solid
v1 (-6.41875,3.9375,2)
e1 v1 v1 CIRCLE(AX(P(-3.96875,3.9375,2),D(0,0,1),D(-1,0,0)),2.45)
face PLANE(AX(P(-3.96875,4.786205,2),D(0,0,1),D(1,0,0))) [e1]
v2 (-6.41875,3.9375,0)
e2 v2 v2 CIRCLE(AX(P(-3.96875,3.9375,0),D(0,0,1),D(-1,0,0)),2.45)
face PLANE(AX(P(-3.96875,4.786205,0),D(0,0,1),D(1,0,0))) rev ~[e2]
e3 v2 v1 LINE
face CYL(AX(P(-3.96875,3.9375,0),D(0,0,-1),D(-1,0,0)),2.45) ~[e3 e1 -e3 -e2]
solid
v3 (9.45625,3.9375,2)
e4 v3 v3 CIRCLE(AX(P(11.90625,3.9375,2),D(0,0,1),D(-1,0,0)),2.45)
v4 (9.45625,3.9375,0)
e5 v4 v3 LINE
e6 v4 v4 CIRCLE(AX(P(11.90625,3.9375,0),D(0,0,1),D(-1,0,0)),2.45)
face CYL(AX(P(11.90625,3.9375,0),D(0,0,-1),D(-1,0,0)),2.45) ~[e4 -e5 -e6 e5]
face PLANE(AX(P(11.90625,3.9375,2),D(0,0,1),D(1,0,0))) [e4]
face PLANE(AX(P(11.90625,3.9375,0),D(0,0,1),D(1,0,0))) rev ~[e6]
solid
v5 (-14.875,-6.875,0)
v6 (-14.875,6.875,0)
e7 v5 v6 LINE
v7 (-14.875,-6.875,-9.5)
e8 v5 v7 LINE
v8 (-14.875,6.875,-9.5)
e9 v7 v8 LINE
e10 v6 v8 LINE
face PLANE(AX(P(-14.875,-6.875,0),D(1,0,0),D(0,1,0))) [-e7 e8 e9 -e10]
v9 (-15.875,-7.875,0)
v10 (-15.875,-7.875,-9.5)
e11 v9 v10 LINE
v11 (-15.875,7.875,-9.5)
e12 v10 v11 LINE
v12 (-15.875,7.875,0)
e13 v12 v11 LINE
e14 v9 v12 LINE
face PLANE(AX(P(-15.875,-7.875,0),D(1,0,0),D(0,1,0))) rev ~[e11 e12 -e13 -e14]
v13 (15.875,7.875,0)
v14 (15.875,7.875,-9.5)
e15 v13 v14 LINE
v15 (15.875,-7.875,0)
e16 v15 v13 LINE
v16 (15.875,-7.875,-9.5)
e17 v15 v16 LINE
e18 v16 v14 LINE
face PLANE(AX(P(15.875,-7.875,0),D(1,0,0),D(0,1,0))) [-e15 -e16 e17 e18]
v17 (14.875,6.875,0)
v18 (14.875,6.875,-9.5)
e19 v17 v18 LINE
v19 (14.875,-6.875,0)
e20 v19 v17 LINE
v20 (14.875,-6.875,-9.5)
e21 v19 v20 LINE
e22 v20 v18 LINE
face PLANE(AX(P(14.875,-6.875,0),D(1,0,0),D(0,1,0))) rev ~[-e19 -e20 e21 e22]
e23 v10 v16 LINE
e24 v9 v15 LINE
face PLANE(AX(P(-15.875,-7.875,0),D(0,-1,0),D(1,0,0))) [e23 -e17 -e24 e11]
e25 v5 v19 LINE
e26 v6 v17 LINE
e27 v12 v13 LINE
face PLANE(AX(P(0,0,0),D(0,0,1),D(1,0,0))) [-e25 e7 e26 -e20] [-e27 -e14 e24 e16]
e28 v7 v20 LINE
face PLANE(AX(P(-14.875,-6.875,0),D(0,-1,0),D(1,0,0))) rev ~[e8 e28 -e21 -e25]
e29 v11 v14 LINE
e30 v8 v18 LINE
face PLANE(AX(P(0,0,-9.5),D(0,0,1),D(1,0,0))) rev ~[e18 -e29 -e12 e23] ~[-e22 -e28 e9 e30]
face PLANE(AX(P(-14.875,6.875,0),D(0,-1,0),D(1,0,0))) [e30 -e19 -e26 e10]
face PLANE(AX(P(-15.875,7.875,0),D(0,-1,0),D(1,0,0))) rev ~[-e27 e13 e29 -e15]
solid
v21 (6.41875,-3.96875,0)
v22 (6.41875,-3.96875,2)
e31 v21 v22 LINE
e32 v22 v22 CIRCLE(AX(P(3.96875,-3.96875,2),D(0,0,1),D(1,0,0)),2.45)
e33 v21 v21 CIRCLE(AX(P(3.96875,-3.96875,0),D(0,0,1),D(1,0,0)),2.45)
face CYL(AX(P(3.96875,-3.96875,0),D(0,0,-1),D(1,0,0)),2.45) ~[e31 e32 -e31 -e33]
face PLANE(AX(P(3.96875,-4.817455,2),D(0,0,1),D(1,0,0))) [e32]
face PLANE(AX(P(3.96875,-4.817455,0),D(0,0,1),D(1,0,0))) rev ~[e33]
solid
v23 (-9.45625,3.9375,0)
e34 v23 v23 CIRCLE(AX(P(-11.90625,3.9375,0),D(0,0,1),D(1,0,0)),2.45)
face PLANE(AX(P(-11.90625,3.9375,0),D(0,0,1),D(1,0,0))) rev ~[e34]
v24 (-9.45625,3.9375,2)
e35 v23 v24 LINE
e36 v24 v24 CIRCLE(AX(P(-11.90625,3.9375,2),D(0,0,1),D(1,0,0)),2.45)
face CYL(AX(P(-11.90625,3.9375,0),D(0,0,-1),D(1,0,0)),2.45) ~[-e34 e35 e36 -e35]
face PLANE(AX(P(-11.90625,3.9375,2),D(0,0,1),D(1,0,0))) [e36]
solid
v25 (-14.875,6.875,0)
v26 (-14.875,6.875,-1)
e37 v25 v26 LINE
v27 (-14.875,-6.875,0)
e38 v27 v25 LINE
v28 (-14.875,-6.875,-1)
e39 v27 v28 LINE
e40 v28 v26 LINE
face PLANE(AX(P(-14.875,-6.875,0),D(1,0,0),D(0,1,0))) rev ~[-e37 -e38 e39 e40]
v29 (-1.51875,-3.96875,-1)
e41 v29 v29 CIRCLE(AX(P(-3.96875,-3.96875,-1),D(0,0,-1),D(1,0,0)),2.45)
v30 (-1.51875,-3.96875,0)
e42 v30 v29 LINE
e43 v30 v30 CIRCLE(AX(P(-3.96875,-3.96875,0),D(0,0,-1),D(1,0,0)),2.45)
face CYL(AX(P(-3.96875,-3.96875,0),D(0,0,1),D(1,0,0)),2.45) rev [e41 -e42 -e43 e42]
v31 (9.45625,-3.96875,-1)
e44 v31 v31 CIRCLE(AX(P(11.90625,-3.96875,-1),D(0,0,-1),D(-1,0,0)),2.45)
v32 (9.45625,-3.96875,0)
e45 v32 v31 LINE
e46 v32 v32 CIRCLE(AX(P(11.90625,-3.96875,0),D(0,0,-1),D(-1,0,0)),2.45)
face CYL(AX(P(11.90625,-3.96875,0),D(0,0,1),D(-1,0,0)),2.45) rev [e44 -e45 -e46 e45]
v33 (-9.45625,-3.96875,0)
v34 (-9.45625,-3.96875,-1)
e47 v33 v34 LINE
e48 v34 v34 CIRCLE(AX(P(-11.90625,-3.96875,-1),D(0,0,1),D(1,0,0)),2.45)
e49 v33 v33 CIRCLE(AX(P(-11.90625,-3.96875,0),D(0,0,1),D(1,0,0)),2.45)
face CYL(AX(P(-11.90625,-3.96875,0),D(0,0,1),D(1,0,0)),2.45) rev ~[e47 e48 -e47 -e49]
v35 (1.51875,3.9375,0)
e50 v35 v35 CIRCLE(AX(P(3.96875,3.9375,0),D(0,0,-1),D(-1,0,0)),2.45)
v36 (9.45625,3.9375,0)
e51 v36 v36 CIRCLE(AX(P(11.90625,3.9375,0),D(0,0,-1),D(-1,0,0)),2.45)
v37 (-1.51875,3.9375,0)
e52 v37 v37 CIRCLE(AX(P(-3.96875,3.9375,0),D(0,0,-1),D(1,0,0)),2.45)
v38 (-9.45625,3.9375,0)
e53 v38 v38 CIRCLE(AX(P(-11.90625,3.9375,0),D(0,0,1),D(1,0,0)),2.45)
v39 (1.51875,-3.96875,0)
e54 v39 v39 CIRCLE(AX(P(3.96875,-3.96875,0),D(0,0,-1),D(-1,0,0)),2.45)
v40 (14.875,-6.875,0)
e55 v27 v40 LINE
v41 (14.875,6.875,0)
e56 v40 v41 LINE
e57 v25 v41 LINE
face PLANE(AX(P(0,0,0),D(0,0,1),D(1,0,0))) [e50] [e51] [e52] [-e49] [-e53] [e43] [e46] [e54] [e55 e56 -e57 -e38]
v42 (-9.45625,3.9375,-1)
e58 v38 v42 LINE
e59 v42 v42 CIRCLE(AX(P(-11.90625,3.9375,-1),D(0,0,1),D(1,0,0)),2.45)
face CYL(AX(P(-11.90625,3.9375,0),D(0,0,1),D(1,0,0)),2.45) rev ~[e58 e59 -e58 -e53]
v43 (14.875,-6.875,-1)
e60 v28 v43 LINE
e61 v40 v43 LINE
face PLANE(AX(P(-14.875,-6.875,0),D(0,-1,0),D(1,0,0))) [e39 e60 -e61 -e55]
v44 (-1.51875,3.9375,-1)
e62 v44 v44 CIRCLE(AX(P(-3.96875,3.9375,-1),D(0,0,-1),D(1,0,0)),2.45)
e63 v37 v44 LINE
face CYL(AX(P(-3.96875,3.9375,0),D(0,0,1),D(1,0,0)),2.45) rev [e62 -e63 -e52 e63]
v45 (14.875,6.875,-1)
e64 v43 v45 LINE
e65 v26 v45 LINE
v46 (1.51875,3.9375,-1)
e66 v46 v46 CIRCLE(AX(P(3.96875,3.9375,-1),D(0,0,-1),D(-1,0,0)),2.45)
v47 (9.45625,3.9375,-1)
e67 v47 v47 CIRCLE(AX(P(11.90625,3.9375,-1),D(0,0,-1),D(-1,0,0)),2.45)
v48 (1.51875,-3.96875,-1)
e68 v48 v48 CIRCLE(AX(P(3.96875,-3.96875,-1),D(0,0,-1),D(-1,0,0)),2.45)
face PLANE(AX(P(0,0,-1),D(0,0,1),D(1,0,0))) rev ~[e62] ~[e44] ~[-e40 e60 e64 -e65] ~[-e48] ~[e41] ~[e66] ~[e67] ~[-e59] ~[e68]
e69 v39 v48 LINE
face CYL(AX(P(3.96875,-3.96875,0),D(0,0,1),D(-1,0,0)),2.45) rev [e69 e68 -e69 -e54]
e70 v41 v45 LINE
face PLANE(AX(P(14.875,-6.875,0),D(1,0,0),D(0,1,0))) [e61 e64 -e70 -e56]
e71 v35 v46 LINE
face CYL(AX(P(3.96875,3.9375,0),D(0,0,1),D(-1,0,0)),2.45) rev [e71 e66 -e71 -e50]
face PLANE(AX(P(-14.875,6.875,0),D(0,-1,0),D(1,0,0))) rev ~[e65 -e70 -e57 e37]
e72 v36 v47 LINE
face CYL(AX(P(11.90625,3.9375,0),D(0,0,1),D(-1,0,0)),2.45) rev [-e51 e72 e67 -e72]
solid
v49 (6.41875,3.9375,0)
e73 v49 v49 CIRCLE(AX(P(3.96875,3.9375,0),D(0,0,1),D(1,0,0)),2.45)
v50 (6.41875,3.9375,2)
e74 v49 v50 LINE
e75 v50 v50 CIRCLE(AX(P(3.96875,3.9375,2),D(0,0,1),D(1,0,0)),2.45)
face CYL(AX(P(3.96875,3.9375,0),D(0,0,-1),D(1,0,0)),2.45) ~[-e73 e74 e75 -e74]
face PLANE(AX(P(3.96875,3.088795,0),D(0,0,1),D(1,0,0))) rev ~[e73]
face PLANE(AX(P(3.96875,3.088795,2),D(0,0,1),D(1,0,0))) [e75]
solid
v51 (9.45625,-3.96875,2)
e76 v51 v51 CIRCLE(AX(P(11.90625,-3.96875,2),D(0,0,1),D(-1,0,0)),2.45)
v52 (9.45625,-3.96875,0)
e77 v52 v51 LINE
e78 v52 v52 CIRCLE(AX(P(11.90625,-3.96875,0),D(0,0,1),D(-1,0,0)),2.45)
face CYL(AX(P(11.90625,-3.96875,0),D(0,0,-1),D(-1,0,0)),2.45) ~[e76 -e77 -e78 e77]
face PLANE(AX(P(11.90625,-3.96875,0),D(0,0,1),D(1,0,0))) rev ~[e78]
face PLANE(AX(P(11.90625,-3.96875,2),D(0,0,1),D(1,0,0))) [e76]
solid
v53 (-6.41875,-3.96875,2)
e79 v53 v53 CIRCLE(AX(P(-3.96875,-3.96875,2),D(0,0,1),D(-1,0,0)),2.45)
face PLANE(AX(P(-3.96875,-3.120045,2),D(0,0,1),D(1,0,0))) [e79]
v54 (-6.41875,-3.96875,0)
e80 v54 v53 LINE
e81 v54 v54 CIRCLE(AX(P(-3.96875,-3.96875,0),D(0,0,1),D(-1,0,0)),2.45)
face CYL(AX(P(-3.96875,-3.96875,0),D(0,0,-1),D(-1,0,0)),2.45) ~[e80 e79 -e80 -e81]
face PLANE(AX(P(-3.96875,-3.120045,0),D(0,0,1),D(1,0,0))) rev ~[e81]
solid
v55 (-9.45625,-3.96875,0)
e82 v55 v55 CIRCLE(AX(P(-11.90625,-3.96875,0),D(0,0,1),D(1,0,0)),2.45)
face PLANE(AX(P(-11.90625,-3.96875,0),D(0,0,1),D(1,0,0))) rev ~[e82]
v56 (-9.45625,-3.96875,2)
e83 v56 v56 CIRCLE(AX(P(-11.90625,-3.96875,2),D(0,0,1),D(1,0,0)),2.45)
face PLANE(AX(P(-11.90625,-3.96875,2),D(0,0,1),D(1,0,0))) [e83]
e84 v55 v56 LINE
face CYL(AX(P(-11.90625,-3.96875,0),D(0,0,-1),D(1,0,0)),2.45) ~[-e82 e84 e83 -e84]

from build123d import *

# Parameters (mm, degrees)
F0_R     = 2.45
F1_DEPTH = 2
F0_W     = 29.75
F0_H     = 13.75
F2_DEPTH = 1
F0_W_2   = 31.75
F0_H_2   = 15.75
F3_DEPTH = 9.5


with BuildPart() as f1:
    # F0 (on Top) → F1 (new body)
    with BuildSketch(Plane.XY):
        with Locations((-11.90625, 3.9375)):
            Circle(F0_R)
        with BuildLine():
            Line((-3.96875, 3.9375), (-1.51875, 3.9375))
            ThreePointArc((-1.51875, 3.9375), (-3.96875, 6.3875), (-6.41875, 3.9375))
            Line((-6.41875, 3.9375), (-3.96875, 3.9375))
        make_face()
        with BuildLine():
            ThreePointArc((-6.41875, 3.9375), (-3.96875, 1.4875), (-1.51875, 3.9375))
            Line((-1.51875, 3.9375), (-3.96875, 3.9375))
            Line((-3.96875, 3.9375), (-6.41875, 3.9375))
        make_face()
        with BuildLine():
            Line((3.96875, 3.9375), (1.51875, 3.9375))
            ThreePointArc((1.51875, 3.9375), (3.96875, 1.4875), (6.41875, 3.9375))
            Line((6.41875, 3.9375), (3.96875, 3.9375))
        make_face()
        with BuildLine():
            ThreePointArc((14.35625, 3.9375), (11.90625, 6.3875), (9.45625, 3.9375))
            ThreePointArc((9.45625, 3.9375), (11.90625, 1.4875), (14.35625, 3.9375))
        make_face()
        with BuildLine():
            ThreePointArc((6.41875, 3.9375), (3.96875, 6.3875), (1.51875, 3.9375))
            Line((1.51875, 3.9375), (3.96875, 3.9375))
            Line((3.96875, 3.9375), (6.41875, 3.9375))
        make_face()
        with Locations((-11.90625, -3.96875)):
            Circle(F0_R)
        with BuildLine():
            Line((-3.96875, -3.96875), (-1.51875, -3.96875))
            ThreePointArc((-1.51875, -3.96875), (-3.96875, -1.51875), (-6.41875, -3.96875))
            Line((-6.41875, -3.96875), (-3.96875, -3.96875))
        make_face()
        with BuildLine():
            ThreePointArc((-6.41875, -3.96875), (-3.96875, -6.41875), (-1.51875, -3.96875))
            Line((-1.51875, -3.96875), (-3.96875, -3.96875))
            Line((-3.96875, -3.96875), (-6.41875, -3.96875))
        make_face()
        with BuildLine():
            Line((3.96875, -3.96875), (1.51875, -3.96875))
            ThreePointArc((1.51875, -3.96875), (3.96875, -6.41875), (6.41875, -3.96875))
            Line((6.41875, -3.96875), (3.96875, -3.96875))
        make_face()
        with BuildLine():
            ThreePointArc((6.41875, -3.96875), (3.96875, -1.51875), (1.51875, -3.96875))
            Line((1.51875, -3.96875), (3.96875, -3.96875))
            Line((3.96875, -3.96875), (6.41875, -3.96875))
        make_face()
        with BuildLine():
            ThreePointArc((14.35625, -3.96875), (11.90625, -1.51875), (9.45625, -3.96875))
            ThreePointArc((9.45625, -3.96875), (11.90625, -6.41875), (14.35625, -3.96875))
        make_face()
    extrude(amount=F1_DEPTH)


with BuildPart() as f2:
    # F0 (on Top) → F2 (new body)
    with BuildSketch(Plane.XY):
        Rectangle(F0_W, F0_H)
        with Locations((-11.90625, -3.96875)):
            Circle(F0_R, mode=Mode.SUBTRACT)
        with BuildLine():
            ThreePointArc((-6.41875, -3.96875), (-3.96875, -1.51875), (-1.51875, -3.96875))
            ThreePointArc((-1.51875, -3.96875), (-3.96875, -6.41875), (-6.41875, -3.96875))
        make_face(mode=Mode.SUBTRACT)
        with BuildLine():
            ThreePointArc((6.41875, -3.96875), (3.96875, -6.41875), (1.51875, -3.96875))
            ThreePointArc((1.51875, -3.96875), (3.96875, -1.51875), (6.41875, -3.96875))
        make_face(mode=Mode.SUBTRACT)
        with BuildLine():
            ThreePointArc((14.35625, -3.96875), (11.90625, -6.41875), (9.45625, -3.96875))
            ThreePointArc((9.45625, -3.96875), (11.90625, -1.51875), (14.35625, -3.96875))
        make_face(mode=Mode.SUBTRACT)
        with Locations((-11.90625, 3.9375)):
            Circle(F0_R, mode=Mode.SUBTRACT)
        with BuildLine():
            ThreePointArc((-6.41875, 3.9375), (-3.96875, 6.3875), (-1.51875, 3.9375))
            ThreePointArc((-1.51875, 3.9375), (-3.96875, 1.4875), (-6.41875, 3.9375))
        make_face(mode=Mode.SUBTRACT)
        with BuildLine():
            ThreePointArc((6.41875, 3.9375), (3.96875, 1.4875), (1.51875, 3.9375))
            ThreePointArc((1.51875, 3.9375), (3.96875, 6.3875), (6.41875, 3.9375))
        make_face(mode=Mode.SUBTRACT)
        with BuildLine():
            ThreePointArc((14.35625, 3.9375), (11.90625, 1.4875), (9.45625, 3.9375))
            ThreePointArc((9.45625, 3.9375), (11.90625, 6.3875), (14.35625, 3.9375))
        make_face(mode=Mode.SUBTRACT)
    extrude(amount=-F2_DEPTH)


with BuildPart() as f3:
    # F0 (on Top) → F3 (new body)
    with BuildSketch(Plane.XY):
        Rectangle(F0_W_2, F0_H_2)
        Rectangle(F0_W, F0_H, mode=Mode.SUBTRACT)
    extrude(amount=-F3_DEPTH)


solid = Compound([f1.part, f2.part, f3.part])
